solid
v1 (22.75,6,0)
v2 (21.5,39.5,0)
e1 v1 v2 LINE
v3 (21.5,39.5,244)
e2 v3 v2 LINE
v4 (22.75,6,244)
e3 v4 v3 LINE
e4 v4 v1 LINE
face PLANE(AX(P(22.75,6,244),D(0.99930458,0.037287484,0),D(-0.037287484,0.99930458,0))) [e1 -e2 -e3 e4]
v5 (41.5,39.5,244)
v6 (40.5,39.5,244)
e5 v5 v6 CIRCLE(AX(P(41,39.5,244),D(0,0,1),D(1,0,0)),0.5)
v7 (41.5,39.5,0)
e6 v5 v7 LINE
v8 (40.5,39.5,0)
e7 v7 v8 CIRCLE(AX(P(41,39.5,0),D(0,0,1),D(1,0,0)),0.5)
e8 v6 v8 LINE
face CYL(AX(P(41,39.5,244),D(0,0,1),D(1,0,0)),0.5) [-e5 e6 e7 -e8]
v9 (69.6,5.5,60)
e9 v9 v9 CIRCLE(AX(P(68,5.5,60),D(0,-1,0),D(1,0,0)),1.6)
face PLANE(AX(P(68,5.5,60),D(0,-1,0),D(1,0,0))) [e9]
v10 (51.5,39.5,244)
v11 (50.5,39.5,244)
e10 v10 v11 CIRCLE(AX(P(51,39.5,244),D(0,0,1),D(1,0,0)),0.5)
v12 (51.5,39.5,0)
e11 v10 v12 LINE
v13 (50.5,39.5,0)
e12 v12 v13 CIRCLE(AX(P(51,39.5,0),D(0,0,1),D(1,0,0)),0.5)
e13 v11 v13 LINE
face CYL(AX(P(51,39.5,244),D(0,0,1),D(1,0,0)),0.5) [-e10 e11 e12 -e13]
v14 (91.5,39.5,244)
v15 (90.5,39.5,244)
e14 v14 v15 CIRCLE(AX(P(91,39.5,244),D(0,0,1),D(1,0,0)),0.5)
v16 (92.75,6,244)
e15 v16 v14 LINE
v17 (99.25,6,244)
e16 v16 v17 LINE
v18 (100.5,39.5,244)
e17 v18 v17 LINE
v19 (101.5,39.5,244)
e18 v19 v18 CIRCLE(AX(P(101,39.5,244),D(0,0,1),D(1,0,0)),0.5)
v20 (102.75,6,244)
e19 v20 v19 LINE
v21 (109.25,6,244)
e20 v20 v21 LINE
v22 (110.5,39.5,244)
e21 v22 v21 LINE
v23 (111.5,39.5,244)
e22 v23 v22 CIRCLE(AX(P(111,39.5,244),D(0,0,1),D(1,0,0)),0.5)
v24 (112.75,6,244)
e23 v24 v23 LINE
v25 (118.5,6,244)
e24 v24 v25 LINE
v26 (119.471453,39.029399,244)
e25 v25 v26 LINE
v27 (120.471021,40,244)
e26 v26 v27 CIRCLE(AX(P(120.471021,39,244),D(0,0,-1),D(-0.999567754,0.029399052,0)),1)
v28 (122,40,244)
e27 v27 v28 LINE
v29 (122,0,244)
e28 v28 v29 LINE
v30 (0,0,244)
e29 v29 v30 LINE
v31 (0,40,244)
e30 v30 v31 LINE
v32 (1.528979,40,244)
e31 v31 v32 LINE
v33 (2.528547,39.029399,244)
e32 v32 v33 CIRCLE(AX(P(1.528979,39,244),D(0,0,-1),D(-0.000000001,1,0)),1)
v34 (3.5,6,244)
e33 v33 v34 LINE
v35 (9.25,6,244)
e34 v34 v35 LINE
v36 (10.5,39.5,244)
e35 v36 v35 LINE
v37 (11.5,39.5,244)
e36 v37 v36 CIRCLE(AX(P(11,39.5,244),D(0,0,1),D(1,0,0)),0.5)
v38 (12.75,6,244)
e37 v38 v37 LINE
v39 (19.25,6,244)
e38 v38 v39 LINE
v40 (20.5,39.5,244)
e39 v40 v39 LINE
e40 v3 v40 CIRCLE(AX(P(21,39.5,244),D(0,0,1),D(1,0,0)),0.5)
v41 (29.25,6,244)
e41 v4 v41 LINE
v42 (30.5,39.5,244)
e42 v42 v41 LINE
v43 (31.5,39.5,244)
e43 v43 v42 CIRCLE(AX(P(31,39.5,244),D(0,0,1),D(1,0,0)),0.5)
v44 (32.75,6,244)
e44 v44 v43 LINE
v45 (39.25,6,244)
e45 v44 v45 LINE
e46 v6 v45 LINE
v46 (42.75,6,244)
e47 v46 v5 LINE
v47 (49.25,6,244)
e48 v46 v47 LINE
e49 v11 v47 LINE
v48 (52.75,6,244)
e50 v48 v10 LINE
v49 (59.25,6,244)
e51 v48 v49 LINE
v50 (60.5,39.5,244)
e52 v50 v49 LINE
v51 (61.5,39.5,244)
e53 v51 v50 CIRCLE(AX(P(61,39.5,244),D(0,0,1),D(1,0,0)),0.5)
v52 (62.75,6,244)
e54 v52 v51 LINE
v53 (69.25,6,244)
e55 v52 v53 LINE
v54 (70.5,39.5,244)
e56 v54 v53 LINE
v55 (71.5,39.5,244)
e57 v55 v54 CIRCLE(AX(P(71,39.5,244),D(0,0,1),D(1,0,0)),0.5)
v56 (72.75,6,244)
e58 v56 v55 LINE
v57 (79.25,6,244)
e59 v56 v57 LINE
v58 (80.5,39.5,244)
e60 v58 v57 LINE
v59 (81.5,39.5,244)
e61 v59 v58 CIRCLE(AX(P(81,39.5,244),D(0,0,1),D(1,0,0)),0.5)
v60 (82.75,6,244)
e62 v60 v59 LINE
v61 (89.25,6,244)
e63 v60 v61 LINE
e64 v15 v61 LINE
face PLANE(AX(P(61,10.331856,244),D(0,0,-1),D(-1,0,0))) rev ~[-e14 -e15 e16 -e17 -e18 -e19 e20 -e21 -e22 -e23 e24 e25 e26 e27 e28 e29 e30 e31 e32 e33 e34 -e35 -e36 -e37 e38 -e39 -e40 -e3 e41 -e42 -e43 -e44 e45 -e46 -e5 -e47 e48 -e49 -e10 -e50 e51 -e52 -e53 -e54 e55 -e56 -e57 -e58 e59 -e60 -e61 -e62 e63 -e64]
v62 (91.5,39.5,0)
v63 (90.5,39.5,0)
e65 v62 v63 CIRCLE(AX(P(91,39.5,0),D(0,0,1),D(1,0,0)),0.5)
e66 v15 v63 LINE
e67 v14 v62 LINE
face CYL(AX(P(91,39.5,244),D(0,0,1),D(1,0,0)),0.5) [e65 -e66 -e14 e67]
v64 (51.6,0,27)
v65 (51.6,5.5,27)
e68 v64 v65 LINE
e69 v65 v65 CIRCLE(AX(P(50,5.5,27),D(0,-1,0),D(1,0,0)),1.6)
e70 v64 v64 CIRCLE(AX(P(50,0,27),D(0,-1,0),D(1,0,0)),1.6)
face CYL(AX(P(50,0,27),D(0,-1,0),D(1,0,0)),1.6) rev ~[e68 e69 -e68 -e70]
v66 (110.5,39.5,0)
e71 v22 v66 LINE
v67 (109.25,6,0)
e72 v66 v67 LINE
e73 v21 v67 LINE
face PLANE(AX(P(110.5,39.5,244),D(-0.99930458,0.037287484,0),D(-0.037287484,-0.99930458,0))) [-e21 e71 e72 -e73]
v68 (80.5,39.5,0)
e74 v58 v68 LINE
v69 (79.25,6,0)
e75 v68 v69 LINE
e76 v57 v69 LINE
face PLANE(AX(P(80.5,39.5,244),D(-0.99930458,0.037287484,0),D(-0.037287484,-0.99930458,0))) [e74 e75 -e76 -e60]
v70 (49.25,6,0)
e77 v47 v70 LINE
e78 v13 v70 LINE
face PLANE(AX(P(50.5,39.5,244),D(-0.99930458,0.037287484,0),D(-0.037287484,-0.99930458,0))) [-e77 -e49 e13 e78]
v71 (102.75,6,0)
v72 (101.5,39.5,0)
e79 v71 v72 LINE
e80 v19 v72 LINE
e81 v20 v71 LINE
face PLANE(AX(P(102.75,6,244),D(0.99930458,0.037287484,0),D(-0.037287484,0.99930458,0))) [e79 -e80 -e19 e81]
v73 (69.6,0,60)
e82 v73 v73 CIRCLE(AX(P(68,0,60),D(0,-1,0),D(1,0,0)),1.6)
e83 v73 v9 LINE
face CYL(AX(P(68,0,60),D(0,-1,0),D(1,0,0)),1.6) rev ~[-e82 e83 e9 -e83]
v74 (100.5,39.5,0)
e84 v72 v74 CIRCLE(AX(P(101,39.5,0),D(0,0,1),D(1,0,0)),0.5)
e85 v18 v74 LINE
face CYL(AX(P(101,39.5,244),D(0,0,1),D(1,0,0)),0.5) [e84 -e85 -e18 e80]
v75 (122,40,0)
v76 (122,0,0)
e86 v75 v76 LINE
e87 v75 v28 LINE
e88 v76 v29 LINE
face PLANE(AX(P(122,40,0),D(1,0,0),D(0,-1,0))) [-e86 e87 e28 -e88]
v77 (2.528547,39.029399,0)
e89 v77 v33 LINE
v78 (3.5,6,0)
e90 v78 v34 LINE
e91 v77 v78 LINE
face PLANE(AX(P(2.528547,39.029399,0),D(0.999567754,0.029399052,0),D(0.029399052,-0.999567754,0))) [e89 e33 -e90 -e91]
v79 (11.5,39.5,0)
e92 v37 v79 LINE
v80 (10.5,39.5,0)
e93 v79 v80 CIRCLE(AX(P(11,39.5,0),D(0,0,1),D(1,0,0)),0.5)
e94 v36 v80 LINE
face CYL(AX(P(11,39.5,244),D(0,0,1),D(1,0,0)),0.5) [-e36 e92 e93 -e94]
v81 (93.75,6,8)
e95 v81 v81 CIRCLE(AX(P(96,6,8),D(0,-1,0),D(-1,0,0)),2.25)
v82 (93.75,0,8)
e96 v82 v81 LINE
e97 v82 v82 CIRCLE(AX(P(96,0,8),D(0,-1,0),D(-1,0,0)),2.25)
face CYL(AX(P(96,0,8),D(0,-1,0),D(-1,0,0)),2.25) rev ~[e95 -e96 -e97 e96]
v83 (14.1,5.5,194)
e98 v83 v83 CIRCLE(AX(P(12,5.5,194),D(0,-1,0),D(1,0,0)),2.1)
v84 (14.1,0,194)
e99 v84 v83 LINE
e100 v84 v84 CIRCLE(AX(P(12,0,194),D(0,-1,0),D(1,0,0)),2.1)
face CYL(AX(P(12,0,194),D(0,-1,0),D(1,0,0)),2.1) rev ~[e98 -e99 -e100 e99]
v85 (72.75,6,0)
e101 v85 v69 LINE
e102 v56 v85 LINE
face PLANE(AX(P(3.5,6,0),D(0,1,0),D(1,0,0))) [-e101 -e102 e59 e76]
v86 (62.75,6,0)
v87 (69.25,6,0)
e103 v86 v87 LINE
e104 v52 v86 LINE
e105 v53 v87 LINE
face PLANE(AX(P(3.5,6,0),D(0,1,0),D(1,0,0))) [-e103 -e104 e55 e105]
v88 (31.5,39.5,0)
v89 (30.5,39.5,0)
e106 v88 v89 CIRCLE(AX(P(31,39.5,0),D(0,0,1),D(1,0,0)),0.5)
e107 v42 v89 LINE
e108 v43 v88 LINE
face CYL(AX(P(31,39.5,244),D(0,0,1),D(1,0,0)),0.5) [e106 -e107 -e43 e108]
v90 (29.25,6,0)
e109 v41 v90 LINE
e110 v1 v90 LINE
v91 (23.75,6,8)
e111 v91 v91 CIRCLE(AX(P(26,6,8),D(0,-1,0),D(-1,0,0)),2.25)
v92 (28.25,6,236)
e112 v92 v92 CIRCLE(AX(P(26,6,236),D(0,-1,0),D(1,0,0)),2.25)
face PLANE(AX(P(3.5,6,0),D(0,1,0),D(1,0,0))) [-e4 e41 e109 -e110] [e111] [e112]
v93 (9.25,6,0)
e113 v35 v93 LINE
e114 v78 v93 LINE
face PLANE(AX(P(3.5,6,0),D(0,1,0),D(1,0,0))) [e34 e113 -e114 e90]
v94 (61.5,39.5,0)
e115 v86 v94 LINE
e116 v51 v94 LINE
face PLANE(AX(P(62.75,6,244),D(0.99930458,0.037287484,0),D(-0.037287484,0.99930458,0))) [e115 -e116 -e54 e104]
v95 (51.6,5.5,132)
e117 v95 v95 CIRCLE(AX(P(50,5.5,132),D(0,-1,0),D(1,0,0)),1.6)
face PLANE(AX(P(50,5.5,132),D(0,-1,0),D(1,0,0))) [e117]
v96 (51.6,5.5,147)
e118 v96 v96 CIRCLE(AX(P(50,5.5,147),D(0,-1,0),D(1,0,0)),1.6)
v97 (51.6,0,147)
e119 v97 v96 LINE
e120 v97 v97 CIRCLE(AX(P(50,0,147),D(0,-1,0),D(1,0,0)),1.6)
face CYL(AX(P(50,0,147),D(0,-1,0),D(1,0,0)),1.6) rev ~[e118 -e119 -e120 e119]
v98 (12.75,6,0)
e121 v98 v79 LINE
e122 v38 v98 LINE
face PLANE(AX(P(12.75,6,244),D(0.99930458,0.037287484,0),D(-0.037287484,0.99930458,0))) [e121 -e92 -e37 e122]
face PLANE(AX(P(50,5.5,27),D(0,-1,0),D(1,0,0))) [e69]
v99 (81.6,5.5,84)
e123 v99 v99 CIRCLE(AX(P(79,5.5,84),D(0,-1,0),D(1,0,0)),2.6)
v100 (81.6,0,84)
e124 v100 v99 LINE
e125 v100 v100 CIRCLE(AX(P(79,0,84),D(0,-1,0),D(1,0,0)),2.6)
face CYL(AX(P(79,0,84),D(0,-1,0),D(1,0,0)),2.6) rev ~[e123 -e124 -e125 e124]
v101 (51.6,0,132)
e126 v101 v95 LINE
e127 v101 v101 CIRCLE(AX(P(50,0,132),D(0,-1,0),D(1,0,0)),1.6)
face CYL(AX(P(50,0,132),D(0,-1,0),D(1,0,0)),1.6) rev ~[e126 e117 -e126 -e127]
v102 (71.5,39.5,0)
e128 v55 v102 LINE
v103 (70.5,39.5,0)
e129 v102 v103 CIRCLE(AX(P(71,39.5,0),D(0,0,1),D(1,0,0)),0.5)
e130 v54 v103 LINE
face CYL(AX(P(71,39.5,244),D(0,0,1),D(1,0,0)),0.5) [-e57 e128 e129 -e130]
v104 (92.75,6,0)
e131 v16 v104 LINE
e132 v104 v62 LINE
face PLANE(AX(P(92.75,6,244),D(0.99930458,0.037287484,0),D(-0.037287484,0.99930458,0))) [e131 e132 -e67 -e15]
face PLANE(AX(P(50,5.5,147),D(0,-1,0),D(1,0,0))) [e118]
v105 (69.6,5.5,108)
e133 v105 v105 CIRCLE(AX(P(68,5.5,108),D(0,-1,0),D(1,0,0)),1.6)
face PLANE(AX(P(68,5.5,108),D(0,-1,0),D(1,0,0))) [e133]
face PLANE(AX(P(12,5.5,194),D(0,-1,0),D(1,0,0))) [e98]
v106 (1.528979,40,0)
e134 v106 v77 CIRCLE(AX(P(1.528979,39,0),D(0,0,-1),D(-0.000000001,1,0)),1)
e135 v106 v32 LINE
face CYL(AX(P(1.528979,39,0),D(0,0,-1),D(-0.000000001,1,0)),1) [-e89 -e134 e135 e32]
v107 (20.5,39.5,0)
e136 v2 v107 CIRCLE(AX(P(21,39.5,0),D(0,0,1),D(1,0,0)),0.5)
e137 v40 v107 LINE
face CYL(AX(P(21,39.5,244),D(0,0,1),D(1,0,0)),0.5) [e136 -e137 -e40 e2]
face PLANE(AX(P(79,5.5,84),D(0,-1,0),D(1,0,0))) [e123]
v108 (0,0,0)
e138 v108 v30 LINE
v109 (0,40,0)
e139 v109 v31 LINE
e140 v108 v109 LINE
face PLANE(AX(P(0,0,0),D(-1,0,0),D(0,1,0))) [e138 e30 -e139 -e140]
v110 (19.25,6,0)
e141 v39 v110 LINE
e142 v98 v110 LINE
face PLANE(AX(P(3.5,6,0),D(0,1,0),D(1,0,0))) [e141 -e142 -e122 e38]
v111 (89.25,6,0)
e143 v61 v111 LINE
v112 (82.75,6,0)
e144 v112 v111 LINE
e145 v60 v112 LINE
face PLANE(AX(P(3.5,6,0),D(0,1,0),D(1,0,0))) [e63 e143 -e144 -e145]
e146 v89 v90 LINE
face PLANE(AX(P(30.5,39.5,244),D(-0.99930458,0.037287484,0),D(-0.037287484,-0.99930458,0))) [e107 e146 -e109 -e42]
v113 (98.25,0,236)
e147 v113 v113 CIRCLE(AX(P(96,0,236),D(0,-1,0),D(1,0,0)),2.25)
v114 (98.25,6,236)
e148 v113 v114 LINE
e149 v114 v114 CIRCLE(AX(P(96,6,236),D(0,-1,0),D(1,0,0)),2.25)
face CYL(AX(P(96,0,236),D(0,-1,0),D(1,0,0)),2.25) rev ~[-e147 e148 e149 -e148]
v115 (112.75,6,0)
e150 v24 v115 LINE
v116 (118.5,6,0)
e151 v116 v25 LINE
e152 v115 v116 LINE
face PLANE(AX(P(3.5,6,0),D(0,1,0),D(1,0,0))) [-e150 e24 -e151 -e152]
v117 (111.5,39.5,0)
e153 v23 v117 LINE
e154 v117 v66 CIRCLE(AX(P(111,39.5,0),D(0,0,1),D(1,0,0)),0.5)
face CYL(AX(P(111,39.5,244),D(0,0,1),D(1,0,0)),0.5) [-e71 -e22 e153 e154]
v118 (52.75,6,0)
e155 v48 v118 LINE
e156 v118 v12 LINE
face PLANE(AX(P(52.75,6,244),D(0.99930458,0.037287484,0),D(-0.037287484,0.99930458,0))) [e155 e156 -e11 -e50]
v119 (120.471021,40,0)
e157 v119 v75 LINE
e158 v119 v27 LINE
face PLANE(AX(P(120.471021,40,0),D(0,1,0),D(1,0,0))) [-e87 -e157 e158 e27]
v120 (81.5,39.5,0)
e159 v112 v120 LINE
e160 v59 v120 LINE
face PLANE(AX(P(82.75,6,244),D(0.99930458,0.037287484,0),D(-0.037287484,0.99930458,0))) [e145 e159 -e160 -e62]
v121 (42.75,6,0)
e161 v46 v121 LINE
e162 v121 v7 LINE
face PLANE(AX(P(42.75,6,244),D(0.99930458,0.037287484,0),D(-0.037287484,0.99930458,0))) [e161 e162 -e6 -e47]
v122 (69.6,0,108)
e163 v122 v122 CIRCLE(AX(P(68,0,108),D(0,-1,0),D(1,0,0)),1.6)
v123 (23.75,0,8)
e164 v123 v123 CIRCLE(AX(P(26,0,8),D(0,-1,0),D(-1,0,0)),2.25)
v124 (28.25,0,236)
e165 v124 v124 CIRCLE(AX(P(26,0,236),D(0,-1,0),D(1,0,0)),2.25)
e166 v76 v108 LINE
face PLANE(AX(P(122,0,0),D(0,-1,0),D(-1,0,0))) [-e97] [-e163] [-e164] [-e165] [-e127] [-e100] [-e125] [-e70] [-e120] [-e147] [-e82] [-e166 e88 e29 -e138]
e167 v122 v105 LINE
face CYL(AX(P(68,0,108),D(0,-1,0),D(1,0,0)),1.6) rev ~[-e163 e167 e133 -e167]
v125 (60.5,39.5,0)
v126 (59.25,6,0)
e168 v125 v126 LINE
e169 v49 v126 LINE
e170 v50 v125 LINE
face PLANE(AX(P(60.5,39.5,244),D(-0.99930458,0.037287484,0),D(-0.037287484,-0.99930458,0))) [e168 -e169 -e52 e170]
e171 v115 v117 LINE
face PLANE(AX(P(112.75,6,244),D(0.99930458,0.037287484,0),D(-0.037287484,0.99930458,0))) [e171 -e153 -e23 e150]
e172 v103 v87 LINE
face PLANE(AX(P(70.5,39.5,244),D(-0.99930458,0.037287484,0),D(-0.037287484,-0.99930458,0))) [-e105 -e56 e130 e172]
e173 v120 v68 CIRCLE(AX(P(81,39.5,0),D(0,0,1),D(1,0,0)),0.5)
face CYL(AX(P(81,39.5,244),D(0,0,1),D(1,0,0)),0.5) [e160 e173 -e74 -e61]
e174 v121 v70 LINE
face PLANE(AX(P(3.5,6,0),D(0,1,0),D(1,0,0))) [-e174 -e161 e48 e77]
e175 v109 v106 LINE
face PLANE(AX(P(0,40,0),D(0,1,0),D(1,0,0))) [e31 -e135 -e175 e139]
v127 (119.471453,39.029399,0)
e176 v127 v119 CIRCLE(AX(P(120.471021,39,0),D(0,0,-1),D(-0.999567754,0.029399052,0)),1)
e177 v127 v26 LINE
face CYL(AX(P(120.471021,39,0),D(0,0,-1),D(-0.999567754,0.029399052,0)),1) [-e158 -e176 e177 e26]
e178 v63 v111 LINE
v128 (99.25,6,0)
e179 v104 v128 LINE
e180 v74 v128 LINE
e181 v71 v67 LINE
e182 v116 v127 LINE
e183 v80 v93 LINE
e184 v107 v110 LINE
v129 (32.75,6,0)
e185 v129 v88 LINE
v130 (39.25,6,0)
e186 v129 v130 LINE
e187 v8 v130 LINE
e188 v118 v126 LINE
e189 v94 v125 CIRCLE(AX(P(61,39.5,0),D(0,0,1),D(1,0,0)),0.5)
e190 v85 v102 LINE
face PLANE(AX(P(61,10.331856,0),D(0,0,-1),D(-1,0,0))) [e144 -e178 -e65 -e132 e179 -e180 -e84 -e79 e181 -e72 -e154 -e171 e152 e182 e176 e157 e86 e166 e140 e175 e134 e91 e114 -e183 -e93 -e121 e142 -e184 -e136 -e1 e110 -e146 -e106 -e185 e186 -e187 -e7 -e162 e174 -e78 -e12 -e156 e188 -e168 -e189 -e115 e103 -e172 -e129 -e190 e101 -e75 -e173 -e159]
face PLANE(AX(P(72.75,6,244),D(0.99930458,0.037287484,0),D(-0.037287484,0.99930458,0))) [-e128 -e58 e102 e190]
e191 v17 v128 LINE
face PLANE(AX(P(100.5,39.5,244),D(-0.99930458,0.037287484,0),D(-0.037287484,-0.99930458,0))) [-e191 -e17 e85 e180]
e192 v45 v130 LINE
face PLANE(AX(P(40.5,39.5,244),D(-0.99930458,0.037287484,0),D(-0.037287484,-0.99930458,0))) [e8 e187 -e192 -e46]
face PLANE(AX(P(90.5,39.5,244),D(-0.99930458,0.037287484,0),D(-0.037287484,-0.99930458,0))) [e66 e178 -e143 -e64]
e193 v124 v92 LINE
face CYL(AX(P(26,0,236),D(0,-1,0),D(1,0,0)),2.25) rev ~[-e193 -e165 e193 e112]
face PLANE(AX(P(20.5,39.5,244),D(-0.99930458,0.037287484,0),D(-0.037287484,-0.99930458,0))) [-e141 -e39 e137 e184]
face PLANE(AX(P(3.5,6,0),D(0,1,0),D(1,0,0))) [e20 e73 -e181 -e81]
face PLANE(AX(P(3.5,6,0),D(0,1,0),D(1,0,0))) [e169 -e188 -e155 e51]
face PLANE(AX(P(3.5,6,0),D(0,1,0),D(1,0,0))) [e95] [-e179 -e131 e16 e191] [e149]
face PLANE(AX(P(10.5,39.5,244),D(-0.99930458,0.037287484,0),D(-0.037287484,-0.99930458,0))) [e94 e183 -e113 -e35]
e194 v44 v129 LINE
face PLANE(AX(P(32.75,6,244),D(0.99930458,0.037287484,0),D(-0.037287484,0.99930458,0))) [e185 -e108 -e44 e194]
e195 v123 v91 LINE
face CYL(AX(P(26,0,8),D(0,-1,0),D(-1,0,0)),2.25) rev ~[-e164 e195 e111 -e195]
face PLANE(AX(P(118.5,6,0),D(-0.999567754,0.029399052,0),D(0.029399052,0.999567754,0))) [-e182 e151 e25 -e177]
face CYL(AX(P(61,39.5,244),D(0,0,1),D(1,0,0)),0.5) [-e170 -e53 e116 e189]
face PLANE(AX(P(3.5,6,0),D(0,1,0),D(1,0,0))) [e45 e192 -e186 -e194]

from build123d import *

# Parameters (mm, degrees)
EXTRUDE_1_DEPTH       = 244
EXTRUDE_3_DEPTH       = 244
PATTERN_CURVE_1_COUNT = 11
PATTERN_CURVE_1_PITCH = 10
SKETCH_3_R            = 2.25
CUT_EXTRUDE_1_DEPTH   = 6
SKETCH_4_R            = 1.6
SKETCH_4_R_2          = 2.6
SKETCH_4_R_3          = 2.1
CUT_EXTRUDE_2_DEPTH   = 5.5


with BuildPart() as part:
    # Эскиз1 → Вытянуть1 (new body)
    with BuildSketch(Plane.XY):
        with BuildLine():
            Line((0, 40), (1.528979332, 40))
            ThreePointArc((1.528979332, 40), (2.225614441, 39.717425624), (2.528547087, 39.029399052))
            Line((2.528547087, 39.029399052), (3.5, 6))
            Line((3.5, 6), (118.5, 6))
            Line((118.5, 6), (119.471452913, 39.029399052))
            ThreePointArc((119.471452913, 39.029399052), (119.774385559, 39.717425624), (120.471020668, 40))
            Line((120.471020668, 40), (122, 40))
            Line((122, 40), (122, 0))
            Line((122, 0), (0, 0))
            Line((0, 0), (0, 40))
        make_face()
    extrude(amount=EXTRUDE_1_DEPTH)

    # Эскиз2 → Вытянуть3 (add)
    with BuildSketch(Plane.XY.offset(244)):
        with BuildLine():
            Line((10.5, 39.5), (9.25, 6))
            Line((9.25, 6), (12.75, 6))
            Line((12.75, 6), (11.5, 39.5))
            ThreePointArc((11.5, 39.5), (11, 40), (10.5, 39.5))
        make_face()
    extrude_3 = extrude(amount=-EXTRUDE_3_DEPTH)

    # Кривая1: Вытянуть3 ×11
    with Locations(*[(i * PATTERN_CURVE_1_PITCH, 0, 0) for i in range(1, PATTERN_CURVE_1_COUNT)]):
        add(extrude_3)

    # Эскиз3 → Вырез-Вытянуть1 (cut)
    with BuildSketch(Plane.XZ):
        with Locations((26, 236)):
            Circle(SKETCH_3_R)
        with Locations((96, 236)):
            Circle(SKETCH_3_R)
        with Locations(Location((96, 8, 0), (0, 0, 180))):
            Circle(SKETCH_3_R)
        with Locations(Location((26, 8, 0), (0, 0, 180))):
            Circle(SKETCH_3_R)
    extrude(amount=-CUT_EXTRUDE_1_DEPTH, mode=Mode.SUBTRACT)

    # Эскиз4 → Вырез-Вытянуть2 (cut)
    with BuildSketch(Plane(origin=(-5.723570629, 0, -26.359021189), x_dir=(1, 0, 0), z_dir=(0, -1, 0))):
        with Locations((55.723570629, 158.359021189)):
            Circle(SKETCH_4_R)
        with Locations((55.723570629, 53.359021189)):
            Circle(SKETCH_4_R)
        with Locations((55.723570629, 173.359021189)):
            Circle(SKETCH_4_R)
        with Locations((73.723570629, 86.359021189)):
            Circle(SKETCH_4_R)
        with Locations((73.723570629, 134.359021189)):
            Circle(SKETCH_4_R)
        with Locations((84.723570629, 110.359021189)):
            Circle(SKETCH_4_R_2)
        with Locations((17.723570629, 220.359021189)):
            Circle(SKETCH_4_R_3)
    extrude(amount=-CUT_EXTRUDE_2_DEPTH, mode=Mode.SUBTRACT)


solid = part.part
